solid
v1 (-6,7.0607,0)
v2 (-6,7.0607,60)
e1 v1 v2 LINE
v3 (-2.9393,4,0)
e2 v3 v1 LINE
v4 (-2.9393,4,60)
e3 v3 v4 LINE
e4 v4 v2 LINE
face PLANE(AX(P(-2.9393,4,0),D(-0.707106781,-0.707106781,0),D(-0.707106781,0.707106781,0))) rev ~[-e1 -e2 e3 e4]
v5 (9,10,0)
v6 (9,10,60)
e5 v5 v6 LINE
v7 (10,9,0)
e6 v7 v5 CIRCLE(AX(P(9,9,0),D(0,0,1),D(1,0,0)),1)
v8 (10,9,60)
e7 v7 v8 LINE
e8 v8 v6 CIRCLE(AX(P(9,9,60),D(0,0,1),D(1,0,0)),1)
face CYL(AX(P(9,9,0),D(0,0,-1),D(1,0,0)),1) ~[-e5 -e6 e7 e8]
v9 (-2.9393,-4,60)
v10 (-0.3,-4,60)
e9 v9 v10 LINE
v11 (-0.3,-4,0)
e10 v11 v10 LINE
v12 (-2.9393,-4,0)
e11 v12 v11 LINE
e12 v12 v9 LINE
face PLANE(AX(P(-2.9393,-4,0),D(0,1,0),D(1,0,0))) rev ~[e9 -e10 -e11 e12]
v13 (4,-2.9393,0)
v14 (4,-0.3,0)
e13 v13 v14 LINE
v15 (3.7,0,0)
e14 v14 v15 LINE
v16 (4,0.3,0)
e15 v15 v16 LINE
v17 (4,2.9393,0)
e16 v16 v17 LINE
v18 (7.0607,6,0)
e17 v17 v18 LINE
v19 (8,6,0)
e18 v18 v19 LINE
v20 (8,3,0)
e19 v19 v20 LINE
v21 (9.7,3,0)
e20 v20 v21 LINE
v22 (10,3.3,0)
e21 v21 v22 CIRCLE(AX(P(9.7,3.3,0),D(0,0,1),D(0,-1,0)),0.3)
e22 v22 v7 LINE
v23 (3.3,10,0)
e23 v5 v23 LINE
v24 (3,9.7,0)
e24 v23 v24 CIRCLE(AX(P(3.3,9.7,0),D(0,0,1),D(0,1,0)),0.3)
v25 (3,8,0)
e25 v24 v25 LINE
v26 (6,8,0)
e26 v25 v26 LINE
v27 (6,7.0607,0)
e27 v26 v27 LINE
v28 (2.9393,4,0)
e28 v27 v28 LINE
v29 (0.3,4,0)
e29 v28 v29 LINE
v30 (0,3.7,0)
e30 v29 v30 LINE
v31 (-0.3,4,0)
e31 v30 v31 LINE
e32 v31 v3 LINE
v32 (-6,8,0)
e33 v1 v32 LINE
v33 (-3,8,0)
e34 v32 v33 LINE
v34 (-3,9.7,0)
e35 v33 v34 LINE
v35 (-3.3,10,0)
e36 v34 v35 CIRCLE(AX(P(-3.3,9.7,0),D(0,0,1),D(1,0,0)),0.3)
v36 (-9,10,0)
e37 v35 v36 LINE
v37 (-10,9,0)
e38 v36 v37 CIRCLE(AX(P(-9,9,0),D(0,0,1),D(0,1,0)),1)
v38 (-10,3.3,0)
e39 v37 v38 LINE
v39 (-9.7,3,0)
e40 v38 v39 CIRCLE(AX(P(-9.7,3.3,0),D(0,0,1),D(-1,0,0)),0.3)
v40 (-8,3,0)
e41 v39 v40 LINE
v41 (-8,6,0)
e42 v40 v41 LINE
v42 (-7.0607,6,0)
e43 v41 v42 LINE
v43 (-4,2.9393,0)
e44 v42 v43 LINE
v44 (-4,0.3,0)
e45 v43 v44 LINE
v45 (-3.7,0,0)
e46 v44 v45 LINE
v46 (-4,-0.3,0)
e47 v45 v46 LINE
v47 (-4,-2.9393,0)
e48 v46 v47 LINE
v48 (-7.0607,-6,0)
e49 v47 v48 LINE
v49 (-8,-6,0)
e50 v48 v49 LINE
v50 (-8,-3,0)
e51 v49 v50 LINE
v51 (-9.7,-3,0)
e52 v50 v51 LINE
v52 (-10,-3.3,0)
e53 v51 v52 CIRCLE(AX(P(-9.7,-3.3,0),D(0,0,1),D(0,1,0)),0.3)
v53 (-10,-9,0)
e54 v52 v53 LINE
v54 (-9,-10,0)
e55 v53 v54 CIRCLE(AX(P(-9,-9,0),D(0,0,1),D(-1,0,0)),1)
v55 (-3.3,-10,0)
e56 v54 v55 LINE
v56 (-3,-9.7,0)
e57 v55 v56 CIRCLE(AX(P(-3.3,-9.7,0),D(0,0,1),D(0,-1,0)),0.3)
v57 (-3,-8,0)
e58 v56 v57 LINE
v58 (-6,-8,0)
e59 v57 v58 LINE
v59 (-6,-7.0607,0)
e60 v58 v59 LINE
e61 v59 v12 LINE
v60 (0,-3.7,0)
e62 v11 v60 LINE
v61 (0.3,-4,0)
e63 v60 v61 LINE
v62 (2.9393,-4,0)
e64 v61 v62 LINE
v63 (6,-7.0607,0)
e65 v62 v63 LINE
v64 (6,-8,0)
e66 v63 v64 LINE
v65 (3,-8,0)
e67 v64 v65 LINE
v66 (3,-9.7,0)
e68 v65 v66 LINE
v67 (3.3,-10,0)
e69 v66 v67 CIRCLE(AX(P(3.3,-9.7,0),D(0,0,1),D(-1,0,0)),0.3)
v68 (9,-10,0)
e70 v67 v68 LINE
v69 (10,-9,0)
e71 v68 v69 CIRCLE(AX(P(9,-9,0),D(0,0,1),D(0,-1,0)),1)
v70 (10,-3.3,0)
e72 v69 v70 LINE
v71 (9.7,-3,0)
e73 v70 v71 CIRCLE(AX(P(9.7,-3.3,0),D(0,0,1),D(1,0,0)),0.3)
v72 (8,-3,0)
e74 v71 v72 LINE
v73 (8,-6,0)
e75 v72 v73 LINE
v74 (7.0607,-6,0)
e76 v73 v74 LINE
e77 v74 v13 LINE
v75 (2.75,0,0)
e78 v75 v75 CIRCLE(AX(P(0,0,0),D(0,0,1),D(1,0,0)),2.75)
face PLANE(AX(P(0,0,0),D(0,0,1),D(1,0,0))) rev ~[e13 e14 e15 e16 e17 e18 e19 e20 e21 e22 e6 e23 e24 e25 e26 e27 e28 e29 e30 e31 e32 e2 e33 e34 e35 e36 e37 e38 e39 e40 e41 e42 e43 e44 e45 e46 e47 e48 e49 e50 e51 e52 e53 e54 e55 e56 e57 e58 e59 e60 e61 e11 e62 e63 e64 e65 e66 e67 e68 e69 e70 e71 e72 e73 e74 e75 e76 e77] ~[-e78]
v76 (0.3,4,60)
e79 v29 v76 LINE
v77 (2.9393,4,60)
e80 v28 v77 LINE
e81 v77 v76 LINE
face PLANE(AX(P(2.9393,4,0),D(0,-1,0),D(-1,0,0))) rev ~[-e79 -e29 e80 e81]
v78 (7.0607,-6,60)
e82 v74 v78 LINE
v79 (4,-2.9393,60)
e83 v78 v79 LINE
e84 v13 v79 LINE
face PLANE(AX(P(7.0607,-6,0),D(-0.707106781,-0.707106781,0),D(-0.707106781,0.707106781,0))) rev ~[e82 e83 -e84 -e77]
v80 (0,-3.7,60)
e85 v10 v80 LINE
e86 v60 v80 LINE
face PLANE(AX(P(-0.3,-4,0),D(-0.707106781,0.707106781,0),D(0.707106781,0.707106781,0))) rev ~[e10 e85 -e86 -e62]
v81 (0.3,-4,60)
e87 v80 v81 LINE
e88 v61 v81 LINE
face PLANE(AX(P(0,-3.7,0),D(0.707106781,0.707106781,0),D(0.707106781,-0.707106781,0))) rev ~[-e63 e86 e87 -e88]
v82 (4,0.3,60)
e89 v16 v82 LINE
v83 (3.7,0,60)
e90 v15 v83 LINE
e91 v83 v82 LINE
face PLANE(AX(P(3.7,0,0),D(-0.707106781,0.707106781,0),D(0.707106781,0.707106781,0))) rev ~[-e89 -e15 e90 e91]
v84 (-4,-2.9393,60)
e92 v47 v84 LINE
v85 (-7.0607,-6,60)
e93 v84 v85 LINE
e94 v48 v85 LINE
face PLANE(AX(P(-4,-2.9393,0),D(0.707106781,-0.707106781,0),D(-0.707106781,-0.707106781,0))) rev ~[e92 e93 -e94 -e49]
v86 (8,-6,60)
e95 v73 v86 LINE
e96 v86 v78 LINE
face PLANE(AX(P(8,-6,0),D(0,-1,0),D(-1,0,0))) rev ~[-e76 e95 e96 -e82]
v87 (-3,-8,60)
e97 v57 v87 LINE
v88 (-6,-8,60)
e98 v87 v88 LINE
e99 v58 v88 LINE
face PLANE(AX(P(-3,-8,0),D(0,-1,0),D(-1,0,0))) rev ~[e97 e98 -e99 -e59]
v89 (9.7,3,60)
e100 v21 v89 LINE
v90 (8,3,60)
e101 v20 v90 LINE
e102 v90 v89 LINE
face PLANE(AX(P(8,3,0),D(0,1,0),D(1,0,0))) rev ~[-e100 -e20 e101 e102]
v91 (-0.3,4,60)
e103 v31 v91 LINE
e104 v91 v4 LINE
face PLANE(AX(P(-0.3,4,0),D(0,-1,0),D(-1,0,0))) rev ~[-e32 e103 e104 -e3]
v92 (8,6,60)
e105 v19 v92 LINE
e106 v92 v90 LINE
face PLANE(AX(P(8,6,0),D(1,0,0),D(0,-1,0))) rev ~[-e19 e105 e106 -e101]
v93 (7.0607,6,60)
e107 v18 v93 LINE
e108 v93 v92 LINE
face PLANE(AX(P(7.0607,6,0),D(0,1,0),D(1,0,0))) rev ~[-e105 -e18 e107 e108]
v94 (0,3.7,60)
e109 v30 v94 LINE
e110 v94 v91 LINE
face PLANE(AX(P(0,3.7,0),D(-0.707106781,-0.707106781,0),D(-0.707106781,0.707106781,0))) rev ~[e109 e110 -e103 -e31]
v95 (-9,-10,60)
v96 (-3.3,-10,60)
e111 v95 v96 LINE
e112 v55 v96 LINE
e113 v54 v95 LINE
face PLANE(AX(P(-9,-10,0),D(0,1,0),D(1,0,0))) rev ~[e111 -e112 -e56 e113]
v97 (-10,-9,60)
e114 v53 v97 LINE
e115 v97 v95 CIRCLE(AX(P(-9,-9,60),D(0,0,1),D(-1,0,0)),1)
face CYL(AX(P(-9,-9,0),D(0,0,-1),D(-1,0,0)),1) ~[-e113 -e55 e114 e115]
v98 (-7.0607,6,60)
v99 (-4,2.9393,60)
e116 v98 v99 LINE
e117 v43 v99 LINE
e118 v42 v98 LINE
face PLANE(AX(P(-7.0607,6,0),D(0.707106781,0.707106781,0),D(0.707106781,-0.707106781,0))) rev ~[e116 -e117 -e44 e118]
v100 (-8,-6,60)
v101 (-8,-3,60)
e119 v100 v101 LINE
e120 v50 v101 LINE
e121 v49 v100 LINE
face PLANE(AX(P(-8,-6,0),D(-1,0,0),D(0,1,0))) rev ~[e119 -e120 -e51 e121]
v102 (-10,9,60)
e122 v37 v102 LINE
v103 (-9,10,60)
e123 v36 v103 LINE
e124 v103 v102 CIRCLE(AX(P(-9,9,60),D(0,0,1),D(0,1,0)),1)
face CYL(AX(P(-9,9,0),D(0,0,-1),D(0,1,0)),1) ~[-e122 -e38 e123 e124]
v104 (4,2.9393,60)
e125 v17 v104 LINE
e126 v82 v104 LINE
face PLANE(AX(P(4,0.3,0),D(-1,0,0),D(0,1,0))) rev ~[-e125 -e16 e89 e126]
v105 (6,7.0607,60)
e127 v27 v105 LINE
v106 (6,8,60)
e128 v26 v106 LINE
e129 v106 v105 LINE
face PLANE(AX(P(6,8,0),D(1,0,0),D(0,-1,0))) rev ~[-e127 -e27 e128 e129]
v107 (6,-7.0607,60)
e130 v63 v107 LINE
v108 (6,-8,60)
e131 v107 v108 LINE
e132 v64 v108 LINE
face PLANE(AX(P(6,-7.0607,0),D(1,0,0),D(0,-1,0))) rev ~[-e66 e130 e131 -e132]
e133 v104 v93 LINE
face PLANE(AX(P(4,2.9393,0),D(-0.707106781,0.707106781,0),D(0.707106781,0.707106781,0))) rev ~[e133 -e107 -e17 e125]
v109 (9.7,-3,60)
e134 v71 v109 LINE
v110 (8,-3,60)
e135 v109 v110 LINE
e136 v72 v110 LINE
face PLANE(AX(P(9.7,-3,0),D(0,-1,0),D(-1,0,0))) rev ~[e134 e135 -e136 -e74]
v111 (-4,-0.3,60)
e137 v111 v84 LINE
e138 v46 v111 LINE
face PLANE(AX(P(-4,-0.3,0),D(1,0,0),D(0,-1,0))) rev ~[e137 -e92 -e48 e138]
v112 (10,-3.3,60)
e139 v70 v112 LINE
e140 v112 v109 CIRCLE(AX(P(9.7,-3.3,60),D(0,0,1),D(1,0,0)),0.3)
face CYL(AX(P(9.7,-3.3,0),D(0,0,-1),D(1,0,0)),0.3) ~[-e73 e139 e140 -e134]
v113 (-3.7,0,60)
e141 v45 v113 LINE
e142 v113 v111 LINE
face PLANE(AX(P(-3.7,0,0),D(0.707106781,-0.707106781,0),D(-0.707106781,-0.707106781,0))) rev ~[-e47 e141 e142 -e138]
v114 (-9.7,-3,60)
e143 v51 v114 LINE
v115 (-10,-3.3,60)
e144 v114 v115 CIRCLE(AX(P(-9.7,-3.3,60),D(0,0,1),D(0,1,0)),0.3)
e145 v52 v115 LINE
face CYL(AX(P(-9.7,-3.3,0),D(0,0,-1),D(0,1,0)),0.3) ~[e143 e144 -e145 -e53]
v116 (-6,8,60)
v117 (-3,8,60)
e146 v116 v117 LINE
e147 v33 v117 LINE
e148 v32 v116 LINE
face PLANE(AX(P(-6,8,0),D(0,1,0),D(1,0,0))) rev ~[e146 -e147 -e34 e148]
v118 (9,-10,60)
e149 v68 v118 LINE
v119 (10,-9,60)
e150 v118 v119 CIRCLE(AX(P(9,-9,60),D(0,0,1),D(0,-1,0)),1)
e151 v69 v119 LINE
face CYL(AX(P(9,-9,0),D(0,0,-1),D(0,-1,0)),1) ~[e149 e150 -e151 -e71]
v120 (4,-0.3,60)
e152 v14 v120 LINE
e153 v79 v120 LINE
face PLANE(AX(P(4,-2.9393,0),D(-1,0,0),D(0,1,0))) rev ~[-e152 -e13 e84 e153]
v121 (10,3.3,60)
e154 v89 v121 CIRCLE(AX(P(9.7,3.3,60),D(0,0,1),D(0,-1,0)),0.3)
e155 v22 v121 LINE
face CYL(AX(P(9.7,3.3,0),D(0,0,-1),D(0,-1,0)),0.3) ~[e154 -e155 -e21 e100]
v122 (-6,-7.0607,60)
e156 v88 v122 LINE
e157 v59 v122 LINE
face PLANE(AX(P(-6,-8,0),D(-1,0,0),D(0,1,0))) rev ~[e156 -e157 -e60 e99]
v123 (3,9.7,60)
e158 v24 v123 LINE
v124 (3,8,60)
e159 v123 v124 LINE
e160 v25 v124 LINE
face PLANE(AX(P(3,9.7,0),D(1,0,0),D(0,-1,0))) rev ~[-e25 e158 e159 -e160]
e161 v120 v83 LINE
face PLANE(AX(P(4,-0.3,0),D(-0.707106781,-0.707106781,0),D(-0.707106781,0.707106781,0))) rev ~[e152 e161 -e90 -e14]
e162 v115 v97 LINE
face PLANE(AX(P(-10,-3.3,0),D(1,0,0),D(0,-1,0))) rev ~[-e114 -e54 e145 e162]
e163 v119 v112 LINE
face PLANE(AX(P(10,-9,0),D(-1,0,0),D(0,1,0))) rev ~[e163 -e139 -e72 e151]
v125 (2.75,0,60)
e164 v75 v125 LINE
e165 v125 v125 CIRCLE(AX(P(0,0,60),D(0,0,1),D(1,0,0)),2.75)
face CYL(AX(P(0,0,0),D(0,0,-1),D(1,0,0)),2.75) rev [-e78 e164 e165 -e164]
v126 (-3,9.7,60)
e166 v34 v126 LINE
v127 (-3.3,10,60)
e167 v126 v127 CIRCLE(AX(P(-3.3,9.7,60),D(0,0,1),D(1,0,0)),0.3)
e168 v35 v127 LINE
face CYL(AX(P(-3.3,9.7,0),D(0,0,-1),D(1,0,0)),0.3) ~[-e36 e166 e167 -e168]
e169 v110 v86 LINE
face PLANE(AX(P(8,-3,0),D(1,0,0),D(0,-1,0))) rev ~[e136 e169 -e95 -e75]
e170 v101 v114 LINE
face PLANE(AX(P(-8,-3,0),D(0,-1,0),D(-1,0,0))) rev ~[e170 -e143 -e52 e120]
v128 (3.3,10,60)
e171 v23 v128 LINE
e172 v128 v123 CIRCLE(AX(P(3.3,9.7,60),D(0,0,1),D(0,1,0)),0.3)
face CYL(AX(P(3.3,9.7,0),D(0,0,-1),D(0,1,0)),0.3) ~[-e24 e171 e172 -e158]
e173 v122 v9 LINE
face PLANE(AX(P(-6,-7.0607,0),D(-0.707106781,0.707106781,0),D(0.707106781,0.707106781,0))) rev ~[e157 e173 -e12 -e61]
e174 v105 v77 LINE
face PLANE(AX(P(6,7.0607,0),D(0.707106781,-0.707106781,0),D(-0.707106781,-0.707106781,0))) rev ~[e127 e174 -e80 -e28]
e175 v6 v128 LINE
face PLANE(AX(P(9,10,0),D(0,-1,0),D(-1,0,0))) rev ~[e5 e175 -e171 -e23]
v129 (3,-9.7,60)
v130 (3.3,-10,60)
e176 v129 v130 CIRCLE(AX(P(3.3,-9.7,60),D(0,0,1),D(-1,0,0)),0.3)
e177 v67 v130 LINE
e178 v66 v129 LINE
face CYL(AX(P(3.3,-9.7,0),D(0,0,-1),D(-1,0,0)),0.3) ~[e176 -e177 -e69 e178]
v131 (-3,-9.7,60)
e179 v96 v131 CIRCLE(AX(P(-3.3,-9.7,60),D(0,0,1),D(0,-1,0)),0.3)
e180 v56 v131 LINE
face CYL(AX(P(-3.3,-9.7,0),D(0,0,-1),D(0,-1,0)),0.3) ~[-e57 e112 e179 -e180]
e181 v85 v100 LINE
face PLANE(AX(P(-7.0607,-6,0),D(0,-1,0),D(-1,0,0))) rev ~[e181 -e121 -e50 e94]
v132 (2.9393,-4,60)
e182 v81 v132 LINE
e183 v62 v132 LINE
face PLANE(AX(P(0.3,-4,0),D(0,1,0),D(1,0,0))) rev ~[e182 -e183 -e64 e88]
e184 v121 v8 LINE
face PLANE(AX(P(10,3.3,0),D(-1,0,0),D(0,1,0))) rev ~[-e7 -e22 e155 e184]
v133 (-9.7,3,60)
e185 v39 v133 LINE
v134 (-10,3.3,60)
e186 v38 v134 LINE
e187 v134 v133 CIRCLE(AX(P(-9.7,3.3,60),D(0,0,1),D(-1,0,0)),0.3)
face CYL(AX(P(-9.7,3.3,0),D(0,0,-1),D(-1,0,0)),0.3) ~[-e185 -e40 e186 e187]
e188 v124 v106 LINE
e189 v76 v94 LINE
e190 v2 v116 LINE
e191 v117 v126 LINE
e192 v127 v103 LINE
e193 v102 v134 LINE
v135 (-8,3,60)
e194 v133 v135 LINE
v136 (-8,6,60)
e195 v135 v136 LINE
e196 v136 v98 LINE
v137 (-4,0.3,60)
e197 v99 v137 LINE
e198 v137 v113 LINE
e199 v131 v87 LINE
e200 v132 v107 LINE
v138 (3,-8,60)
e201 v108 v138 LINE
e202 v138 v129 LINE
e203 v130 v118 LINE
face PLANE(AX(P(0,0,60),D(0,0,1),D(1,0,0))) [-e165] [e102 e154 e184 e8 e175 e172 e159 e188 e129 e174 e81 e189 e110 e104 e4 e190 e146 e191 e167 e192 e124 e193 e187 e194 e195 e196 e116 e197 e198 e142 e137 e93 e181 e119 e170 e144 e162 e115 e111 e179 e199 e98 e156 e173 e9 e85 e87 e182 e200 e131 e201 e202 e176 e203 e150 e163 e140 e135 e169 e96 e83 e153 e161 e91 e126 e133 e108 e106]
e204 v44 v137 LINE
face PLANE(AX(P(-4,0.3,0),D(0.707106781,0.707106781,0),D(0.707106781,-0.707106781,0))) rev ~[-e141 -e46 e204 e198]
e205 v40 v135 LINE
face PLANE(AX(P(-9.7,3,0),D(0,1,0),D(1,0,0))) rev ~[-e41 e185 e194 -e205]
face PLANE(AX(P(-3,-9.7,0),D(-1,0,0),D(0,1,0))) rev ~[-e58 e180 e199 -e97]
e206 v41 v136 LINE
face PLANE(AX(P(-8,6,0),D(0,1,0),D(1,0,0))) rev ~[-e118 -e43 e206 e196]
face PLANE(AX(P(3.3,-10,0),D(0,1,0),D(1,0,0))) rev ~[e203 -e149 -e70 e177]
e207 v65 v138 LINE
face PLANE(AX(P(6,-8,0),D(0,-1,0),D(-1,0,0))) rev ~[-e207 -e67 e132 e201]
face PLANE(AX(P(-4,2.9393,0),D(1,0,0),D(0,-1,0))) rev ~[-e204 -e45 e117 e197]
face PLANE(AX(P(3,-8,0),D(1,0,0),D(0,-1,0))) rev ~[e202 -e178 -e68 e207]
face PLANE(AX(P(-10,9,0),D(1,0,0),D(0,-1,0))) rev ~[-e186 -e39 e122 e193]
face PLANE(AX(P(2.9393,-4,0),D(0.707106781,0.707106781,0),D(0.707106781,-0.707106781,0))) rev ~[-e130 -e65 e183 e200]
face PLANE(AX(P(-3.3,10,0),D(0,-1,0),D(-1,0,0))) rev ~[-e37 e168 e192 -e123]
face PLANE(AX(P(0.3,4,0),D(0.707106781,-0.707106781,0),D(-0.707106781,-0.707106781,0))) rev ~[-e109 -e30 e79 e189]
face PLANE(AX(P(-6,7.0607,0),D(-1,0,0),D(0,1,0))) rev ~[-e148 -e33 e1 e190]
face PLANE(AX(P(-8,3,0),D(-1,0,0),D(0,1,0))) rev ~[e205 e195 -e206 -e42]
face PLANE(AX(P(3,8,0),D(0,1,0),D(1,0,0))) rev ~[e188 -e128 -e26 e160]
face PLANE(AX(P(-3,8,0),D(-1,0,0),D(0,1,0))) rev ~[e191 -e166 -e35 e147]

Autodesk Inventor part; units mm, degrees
ref_plane "Startebene" through (0, 0, 0) normal (0, 0, 1) x (1, 0, 0)
ref_plane "Endebene" through (0, 0, 320) normal (0, 0, 1) x (1, 0, 0)
ref_plane "Startebene1" through (0, 0, 0) normal (0, 0, 1) x (1, 0, 0)
ref_plane "Endebene1" through (0, 0, 40) normal (0, 0, 1) x (1, 0, 0)
ref_plane "Startebene2" through (0, 0, 0) normal (0, 0, 1) x (1, 0, 0)
ref_plane "Endebene2" through (0, 0, 40) normal (0, 0, 1) x (1, 0, 0)
ref_plane "Startebene3" through (0, 0, 0) normal (0, 0, 1) x (1, 0, 0)
ref_plane "Endebene3" through (0, 0, 60) normal (0, 0, 1) x (1, 0, 0)
sketch "Skizze" plane through (0, 0, 0) normal (0, 0, 1) x (1, 0, 0)
  line L0 (-10, 9) -> (-10, 3.3)
  arc A0 (-10, 3.3) -> (-9.7, 3) centre (-9.7, 3.3) ccw
  line L1 (-9.7, 3) -> (-8, 3)
  line L2 (-8, 3) -> (-8, 6)
  line L3 (-8, 6) -> (-7.0607, 6)
  line L4 (-7.0607, 6) -> (-4, 2.9393)
  line L5 (-4, 2.9393) -> (-4, 0.3)
  line L6 (-4, 0.3) -> (-3.7, 0)
  line L7 (-3.7, 0) -> (-4, -0.3)
  line L8 (-4, -0.3) -> (-4, -2.9393)
  line L9 (-4, -2.9393) -> (-7.0607, -6)
  line L10 (-7.0607, -6) -> (-8, -6)
  line L11 (-8, -6) -> (-8, -3)
  line L12 (-8, -3) -> (-9.7, -3)
  arc A1 (-9.7, -3) -> (-10, -3.3) centre (-9.7, -3.3) ccw
  line L13 (-10, -3.3) -> (-10, -9)
  arc A2 (-10, -9) -> (-9, -10) centre (-9, -9) ccw
  line L14 (-9, -10) -> (-3.3, -10)
  arc A3 (-3.3, -10) -> (-3, -9.7) centre (-3.3, -9.7) ccw
  line L15 (-3, -9.7) -> (-3, -8)
  line L16 (-3, -8) -> (-6, -8)
  line L17 (-6, -8) -> (-6, -7.0607)
  line L18 (-6, -7.0607) -> (-2.9393, -4)
  line L19 (-2.9393, -4) -> (-0.3, -4)
  line L20 (-0.3, -4) -> (0, -3.7)
  line L21 (0, -3.7) -> (0.3, -4)
  line L22 (0.3, -4) -> (2.9393, -4)
  line L23 (2.9393, -4) -> (6, -7.0607)
  line L24 (6, -7.0607) -> (6, -8)
  line L25 (6, -8) -> (3, -8)
  line L26 (3, -8) -> (3, -9.7)
  arc A4 (3, -9.7) -> (3.3, -10) centre (3.3, -9.7) ccw
  line L27 (3.3, -10) -> (9, -10)
  arc A5 (9, -10) -> (10, -9) centre (9, -9) ccw
  line L28 (10, -9) -> (10, -3.3)
  arc A6 (10, -3.3) -> (9.7, -3) centre (9.7, -3.3) ccw
  line L29 (9.7, -3) -> (8, -3)
  line L30 (8, -3) -> (8, -6)
  line L31 (8, -6) -> (7.0607, -6)
  line L32 (7.0607, -6) -> (4, -2.9393)
  line L33 (4, -2.9393) -> (4, -0.3)
  line L34 (4, -0.3) -> (3.7, 0)
  line L35 (3.7, 0) -> (4, 0.3)
  line L36 (4, 0.3) -> (4, 2.9393)
  line L37 (4, 2.9393) -> (7.0607, 6)
  line L38 (7.0607, 6) -> (8, 6)
  line L39 (8, 6) -> (8, 3)
  line L40 (8, 3) -> (9.7, 3)
  arc A7 (9.7, 3) -> (10, 3.3) centre (9.7, 3.3) ccw
  line L41 (10, 3.3) -> (10, 9)
  arc A8 (10, 9) -> (9, 10) centre (9, 9) ccw
  line L42 (9, 10) -> (3.3, 10)
  arc A9 (3.3, 10) -> (3, 9.7) centre (3.3, 9.7) ccw
  line L43 (3, 9.7) -> (3, 8)
  line L44 (3, 8) -> (6, 8)
  line L45 (6, 8) -> (6, 7.0607)
  line L46 (6, 7.0607) -> (2.9393, 4)
  line L47 (2.9393, 4) -> (0.3, 4)
  line L48 (0.3, 4) -> (0, 3.7)
  line L49 (0, 3.7) -> (-0.3, 4)
  line L50 (-0.3, 4) -> (-2.9393, 4)
  line L51 (-2.9393, 4) -> (-6, 7.0607)
  line L52 (-6, 7.0607) -> (-6, 8)
  line L53 (-6, 8) -> (-3, 8)
  line L54 (-3, 8) -> (-3, 9.7)
  arc A10 (-3, 9.7) -> (-3.3, 10) centre (-3.3, 9.7) ccw
  line L55 (-3.3, 10) -> (-9, 10)
  arc A11 (-9, 10) -> (-10, 9) centre (-9, 9) ccw
  circle A12 centre (0, 0) radius 2.75
  dimension "d2" = 5.5
  dimension "d3" = 10
  dimension "d4" = 10
  dimension "d5" = 5.7
  dimension "d6" = 5.7
  dimension "d7" = 1.7
  dimension "d8" = 3
  dimension "d9" = 0.3
  dimension "d10" = 90
  dimension "d11" = 45
  dimension "d12" = 45
  dimension "d13" = 45
  dimension "d14" = 90
  dimension "d15" = 90
  dimension "d16" = 45
  dimension "d17" = 45
  dimension "d18" = 45
  dimension "d19" = 45
  dimension "d20" = 90
  dimension "d21" = 90
  dimension "d22" = 45
  dimension "d23" = 45
  dimension "d24" = 90
  dimension "d25" = 90
  dimension "d26" = 90
  dimension "d27" = 90
  dimension "d28" = 90
  dimension "d29" = 90
  dimension "d30" = 90
  dimension "d31" = 90
  dimension "d32" = 90
  dimension "d33" = 90
  dimension "d34" = 90
  dimension "d35" = 90
  dimension "d36" = 90
  dimension "d37" = 90
  dimension "d38" = 90
  dimension "d39" = 4
  dimension "d40" = 6
  dimension "d41" = 13
  dimension "d42" = 14
  dimension "d43" = 16
  dimension "d44" = 18
  dimension "d45" = 3
  dimension "d46" = 9
  dimension "d47" = 7
  dimension "d48" = 1
  dimension "d49" = 7
  dimension "d50" = 1.5
  dimension "d51" = 1.8663
  dimension "d52" = 3.3663
  dimension "d53" = 1.5
  dimension "d54" = 1.8663
  dimension "d55" = 3.3663
  dimension "d56" = 4
  dimension "d57" = 10.8187
  dimension "d58" = 1.9092
  dimension "d59" = 5
  dimension "d60" = 13
  dimension "d61" = 13
  dimension "d62" = 16.0513
  dimension "d63" = 3.3234
  dimension "d64" = 14
  dimension "d65" = 12.685
extrude "Körper" add sketch "Skizze" along normal up to surface (60 mm away) from surface at 0
sketch "Skizze21" plane through (0, 0, 0) normal (0, 0, 1) x (1, 0, 0)
  line L0 (0, 0) -> (10, 0)
ref_plane "Arbeitsebene18" through (0, 0, 0) normal (0, -1, 0) x (1, 0, 0)
sketch "Skizze22" plane through (0, 0, 0) normal (0, -1, 0) x (1, 0, 0)
  line L0 (-2, 0) -> (12, 0)
  line L1 (-2, 60) -> (12, 60)
  dimension "d80" = 60
equation "\"G_OFFSET_START\" = 0"
equation "\"G_OFFSET_END\" = 0"
equation "\"G_L\" = d80"
equation "\"G_OFFSET_START1\" = 0"
equation "\"G_OFFSET_END1\" = 0"
equation "\"G_OFFSET_START2\" = 0"
equation "\"G_OFFSET_END2\" = 0"
equation "\"G_OFFSET_START3\" = 0"
equation "\"G_OFFSET_END3\" = 0"
properties part number "Alu Profil 20x20 - AP2020"
